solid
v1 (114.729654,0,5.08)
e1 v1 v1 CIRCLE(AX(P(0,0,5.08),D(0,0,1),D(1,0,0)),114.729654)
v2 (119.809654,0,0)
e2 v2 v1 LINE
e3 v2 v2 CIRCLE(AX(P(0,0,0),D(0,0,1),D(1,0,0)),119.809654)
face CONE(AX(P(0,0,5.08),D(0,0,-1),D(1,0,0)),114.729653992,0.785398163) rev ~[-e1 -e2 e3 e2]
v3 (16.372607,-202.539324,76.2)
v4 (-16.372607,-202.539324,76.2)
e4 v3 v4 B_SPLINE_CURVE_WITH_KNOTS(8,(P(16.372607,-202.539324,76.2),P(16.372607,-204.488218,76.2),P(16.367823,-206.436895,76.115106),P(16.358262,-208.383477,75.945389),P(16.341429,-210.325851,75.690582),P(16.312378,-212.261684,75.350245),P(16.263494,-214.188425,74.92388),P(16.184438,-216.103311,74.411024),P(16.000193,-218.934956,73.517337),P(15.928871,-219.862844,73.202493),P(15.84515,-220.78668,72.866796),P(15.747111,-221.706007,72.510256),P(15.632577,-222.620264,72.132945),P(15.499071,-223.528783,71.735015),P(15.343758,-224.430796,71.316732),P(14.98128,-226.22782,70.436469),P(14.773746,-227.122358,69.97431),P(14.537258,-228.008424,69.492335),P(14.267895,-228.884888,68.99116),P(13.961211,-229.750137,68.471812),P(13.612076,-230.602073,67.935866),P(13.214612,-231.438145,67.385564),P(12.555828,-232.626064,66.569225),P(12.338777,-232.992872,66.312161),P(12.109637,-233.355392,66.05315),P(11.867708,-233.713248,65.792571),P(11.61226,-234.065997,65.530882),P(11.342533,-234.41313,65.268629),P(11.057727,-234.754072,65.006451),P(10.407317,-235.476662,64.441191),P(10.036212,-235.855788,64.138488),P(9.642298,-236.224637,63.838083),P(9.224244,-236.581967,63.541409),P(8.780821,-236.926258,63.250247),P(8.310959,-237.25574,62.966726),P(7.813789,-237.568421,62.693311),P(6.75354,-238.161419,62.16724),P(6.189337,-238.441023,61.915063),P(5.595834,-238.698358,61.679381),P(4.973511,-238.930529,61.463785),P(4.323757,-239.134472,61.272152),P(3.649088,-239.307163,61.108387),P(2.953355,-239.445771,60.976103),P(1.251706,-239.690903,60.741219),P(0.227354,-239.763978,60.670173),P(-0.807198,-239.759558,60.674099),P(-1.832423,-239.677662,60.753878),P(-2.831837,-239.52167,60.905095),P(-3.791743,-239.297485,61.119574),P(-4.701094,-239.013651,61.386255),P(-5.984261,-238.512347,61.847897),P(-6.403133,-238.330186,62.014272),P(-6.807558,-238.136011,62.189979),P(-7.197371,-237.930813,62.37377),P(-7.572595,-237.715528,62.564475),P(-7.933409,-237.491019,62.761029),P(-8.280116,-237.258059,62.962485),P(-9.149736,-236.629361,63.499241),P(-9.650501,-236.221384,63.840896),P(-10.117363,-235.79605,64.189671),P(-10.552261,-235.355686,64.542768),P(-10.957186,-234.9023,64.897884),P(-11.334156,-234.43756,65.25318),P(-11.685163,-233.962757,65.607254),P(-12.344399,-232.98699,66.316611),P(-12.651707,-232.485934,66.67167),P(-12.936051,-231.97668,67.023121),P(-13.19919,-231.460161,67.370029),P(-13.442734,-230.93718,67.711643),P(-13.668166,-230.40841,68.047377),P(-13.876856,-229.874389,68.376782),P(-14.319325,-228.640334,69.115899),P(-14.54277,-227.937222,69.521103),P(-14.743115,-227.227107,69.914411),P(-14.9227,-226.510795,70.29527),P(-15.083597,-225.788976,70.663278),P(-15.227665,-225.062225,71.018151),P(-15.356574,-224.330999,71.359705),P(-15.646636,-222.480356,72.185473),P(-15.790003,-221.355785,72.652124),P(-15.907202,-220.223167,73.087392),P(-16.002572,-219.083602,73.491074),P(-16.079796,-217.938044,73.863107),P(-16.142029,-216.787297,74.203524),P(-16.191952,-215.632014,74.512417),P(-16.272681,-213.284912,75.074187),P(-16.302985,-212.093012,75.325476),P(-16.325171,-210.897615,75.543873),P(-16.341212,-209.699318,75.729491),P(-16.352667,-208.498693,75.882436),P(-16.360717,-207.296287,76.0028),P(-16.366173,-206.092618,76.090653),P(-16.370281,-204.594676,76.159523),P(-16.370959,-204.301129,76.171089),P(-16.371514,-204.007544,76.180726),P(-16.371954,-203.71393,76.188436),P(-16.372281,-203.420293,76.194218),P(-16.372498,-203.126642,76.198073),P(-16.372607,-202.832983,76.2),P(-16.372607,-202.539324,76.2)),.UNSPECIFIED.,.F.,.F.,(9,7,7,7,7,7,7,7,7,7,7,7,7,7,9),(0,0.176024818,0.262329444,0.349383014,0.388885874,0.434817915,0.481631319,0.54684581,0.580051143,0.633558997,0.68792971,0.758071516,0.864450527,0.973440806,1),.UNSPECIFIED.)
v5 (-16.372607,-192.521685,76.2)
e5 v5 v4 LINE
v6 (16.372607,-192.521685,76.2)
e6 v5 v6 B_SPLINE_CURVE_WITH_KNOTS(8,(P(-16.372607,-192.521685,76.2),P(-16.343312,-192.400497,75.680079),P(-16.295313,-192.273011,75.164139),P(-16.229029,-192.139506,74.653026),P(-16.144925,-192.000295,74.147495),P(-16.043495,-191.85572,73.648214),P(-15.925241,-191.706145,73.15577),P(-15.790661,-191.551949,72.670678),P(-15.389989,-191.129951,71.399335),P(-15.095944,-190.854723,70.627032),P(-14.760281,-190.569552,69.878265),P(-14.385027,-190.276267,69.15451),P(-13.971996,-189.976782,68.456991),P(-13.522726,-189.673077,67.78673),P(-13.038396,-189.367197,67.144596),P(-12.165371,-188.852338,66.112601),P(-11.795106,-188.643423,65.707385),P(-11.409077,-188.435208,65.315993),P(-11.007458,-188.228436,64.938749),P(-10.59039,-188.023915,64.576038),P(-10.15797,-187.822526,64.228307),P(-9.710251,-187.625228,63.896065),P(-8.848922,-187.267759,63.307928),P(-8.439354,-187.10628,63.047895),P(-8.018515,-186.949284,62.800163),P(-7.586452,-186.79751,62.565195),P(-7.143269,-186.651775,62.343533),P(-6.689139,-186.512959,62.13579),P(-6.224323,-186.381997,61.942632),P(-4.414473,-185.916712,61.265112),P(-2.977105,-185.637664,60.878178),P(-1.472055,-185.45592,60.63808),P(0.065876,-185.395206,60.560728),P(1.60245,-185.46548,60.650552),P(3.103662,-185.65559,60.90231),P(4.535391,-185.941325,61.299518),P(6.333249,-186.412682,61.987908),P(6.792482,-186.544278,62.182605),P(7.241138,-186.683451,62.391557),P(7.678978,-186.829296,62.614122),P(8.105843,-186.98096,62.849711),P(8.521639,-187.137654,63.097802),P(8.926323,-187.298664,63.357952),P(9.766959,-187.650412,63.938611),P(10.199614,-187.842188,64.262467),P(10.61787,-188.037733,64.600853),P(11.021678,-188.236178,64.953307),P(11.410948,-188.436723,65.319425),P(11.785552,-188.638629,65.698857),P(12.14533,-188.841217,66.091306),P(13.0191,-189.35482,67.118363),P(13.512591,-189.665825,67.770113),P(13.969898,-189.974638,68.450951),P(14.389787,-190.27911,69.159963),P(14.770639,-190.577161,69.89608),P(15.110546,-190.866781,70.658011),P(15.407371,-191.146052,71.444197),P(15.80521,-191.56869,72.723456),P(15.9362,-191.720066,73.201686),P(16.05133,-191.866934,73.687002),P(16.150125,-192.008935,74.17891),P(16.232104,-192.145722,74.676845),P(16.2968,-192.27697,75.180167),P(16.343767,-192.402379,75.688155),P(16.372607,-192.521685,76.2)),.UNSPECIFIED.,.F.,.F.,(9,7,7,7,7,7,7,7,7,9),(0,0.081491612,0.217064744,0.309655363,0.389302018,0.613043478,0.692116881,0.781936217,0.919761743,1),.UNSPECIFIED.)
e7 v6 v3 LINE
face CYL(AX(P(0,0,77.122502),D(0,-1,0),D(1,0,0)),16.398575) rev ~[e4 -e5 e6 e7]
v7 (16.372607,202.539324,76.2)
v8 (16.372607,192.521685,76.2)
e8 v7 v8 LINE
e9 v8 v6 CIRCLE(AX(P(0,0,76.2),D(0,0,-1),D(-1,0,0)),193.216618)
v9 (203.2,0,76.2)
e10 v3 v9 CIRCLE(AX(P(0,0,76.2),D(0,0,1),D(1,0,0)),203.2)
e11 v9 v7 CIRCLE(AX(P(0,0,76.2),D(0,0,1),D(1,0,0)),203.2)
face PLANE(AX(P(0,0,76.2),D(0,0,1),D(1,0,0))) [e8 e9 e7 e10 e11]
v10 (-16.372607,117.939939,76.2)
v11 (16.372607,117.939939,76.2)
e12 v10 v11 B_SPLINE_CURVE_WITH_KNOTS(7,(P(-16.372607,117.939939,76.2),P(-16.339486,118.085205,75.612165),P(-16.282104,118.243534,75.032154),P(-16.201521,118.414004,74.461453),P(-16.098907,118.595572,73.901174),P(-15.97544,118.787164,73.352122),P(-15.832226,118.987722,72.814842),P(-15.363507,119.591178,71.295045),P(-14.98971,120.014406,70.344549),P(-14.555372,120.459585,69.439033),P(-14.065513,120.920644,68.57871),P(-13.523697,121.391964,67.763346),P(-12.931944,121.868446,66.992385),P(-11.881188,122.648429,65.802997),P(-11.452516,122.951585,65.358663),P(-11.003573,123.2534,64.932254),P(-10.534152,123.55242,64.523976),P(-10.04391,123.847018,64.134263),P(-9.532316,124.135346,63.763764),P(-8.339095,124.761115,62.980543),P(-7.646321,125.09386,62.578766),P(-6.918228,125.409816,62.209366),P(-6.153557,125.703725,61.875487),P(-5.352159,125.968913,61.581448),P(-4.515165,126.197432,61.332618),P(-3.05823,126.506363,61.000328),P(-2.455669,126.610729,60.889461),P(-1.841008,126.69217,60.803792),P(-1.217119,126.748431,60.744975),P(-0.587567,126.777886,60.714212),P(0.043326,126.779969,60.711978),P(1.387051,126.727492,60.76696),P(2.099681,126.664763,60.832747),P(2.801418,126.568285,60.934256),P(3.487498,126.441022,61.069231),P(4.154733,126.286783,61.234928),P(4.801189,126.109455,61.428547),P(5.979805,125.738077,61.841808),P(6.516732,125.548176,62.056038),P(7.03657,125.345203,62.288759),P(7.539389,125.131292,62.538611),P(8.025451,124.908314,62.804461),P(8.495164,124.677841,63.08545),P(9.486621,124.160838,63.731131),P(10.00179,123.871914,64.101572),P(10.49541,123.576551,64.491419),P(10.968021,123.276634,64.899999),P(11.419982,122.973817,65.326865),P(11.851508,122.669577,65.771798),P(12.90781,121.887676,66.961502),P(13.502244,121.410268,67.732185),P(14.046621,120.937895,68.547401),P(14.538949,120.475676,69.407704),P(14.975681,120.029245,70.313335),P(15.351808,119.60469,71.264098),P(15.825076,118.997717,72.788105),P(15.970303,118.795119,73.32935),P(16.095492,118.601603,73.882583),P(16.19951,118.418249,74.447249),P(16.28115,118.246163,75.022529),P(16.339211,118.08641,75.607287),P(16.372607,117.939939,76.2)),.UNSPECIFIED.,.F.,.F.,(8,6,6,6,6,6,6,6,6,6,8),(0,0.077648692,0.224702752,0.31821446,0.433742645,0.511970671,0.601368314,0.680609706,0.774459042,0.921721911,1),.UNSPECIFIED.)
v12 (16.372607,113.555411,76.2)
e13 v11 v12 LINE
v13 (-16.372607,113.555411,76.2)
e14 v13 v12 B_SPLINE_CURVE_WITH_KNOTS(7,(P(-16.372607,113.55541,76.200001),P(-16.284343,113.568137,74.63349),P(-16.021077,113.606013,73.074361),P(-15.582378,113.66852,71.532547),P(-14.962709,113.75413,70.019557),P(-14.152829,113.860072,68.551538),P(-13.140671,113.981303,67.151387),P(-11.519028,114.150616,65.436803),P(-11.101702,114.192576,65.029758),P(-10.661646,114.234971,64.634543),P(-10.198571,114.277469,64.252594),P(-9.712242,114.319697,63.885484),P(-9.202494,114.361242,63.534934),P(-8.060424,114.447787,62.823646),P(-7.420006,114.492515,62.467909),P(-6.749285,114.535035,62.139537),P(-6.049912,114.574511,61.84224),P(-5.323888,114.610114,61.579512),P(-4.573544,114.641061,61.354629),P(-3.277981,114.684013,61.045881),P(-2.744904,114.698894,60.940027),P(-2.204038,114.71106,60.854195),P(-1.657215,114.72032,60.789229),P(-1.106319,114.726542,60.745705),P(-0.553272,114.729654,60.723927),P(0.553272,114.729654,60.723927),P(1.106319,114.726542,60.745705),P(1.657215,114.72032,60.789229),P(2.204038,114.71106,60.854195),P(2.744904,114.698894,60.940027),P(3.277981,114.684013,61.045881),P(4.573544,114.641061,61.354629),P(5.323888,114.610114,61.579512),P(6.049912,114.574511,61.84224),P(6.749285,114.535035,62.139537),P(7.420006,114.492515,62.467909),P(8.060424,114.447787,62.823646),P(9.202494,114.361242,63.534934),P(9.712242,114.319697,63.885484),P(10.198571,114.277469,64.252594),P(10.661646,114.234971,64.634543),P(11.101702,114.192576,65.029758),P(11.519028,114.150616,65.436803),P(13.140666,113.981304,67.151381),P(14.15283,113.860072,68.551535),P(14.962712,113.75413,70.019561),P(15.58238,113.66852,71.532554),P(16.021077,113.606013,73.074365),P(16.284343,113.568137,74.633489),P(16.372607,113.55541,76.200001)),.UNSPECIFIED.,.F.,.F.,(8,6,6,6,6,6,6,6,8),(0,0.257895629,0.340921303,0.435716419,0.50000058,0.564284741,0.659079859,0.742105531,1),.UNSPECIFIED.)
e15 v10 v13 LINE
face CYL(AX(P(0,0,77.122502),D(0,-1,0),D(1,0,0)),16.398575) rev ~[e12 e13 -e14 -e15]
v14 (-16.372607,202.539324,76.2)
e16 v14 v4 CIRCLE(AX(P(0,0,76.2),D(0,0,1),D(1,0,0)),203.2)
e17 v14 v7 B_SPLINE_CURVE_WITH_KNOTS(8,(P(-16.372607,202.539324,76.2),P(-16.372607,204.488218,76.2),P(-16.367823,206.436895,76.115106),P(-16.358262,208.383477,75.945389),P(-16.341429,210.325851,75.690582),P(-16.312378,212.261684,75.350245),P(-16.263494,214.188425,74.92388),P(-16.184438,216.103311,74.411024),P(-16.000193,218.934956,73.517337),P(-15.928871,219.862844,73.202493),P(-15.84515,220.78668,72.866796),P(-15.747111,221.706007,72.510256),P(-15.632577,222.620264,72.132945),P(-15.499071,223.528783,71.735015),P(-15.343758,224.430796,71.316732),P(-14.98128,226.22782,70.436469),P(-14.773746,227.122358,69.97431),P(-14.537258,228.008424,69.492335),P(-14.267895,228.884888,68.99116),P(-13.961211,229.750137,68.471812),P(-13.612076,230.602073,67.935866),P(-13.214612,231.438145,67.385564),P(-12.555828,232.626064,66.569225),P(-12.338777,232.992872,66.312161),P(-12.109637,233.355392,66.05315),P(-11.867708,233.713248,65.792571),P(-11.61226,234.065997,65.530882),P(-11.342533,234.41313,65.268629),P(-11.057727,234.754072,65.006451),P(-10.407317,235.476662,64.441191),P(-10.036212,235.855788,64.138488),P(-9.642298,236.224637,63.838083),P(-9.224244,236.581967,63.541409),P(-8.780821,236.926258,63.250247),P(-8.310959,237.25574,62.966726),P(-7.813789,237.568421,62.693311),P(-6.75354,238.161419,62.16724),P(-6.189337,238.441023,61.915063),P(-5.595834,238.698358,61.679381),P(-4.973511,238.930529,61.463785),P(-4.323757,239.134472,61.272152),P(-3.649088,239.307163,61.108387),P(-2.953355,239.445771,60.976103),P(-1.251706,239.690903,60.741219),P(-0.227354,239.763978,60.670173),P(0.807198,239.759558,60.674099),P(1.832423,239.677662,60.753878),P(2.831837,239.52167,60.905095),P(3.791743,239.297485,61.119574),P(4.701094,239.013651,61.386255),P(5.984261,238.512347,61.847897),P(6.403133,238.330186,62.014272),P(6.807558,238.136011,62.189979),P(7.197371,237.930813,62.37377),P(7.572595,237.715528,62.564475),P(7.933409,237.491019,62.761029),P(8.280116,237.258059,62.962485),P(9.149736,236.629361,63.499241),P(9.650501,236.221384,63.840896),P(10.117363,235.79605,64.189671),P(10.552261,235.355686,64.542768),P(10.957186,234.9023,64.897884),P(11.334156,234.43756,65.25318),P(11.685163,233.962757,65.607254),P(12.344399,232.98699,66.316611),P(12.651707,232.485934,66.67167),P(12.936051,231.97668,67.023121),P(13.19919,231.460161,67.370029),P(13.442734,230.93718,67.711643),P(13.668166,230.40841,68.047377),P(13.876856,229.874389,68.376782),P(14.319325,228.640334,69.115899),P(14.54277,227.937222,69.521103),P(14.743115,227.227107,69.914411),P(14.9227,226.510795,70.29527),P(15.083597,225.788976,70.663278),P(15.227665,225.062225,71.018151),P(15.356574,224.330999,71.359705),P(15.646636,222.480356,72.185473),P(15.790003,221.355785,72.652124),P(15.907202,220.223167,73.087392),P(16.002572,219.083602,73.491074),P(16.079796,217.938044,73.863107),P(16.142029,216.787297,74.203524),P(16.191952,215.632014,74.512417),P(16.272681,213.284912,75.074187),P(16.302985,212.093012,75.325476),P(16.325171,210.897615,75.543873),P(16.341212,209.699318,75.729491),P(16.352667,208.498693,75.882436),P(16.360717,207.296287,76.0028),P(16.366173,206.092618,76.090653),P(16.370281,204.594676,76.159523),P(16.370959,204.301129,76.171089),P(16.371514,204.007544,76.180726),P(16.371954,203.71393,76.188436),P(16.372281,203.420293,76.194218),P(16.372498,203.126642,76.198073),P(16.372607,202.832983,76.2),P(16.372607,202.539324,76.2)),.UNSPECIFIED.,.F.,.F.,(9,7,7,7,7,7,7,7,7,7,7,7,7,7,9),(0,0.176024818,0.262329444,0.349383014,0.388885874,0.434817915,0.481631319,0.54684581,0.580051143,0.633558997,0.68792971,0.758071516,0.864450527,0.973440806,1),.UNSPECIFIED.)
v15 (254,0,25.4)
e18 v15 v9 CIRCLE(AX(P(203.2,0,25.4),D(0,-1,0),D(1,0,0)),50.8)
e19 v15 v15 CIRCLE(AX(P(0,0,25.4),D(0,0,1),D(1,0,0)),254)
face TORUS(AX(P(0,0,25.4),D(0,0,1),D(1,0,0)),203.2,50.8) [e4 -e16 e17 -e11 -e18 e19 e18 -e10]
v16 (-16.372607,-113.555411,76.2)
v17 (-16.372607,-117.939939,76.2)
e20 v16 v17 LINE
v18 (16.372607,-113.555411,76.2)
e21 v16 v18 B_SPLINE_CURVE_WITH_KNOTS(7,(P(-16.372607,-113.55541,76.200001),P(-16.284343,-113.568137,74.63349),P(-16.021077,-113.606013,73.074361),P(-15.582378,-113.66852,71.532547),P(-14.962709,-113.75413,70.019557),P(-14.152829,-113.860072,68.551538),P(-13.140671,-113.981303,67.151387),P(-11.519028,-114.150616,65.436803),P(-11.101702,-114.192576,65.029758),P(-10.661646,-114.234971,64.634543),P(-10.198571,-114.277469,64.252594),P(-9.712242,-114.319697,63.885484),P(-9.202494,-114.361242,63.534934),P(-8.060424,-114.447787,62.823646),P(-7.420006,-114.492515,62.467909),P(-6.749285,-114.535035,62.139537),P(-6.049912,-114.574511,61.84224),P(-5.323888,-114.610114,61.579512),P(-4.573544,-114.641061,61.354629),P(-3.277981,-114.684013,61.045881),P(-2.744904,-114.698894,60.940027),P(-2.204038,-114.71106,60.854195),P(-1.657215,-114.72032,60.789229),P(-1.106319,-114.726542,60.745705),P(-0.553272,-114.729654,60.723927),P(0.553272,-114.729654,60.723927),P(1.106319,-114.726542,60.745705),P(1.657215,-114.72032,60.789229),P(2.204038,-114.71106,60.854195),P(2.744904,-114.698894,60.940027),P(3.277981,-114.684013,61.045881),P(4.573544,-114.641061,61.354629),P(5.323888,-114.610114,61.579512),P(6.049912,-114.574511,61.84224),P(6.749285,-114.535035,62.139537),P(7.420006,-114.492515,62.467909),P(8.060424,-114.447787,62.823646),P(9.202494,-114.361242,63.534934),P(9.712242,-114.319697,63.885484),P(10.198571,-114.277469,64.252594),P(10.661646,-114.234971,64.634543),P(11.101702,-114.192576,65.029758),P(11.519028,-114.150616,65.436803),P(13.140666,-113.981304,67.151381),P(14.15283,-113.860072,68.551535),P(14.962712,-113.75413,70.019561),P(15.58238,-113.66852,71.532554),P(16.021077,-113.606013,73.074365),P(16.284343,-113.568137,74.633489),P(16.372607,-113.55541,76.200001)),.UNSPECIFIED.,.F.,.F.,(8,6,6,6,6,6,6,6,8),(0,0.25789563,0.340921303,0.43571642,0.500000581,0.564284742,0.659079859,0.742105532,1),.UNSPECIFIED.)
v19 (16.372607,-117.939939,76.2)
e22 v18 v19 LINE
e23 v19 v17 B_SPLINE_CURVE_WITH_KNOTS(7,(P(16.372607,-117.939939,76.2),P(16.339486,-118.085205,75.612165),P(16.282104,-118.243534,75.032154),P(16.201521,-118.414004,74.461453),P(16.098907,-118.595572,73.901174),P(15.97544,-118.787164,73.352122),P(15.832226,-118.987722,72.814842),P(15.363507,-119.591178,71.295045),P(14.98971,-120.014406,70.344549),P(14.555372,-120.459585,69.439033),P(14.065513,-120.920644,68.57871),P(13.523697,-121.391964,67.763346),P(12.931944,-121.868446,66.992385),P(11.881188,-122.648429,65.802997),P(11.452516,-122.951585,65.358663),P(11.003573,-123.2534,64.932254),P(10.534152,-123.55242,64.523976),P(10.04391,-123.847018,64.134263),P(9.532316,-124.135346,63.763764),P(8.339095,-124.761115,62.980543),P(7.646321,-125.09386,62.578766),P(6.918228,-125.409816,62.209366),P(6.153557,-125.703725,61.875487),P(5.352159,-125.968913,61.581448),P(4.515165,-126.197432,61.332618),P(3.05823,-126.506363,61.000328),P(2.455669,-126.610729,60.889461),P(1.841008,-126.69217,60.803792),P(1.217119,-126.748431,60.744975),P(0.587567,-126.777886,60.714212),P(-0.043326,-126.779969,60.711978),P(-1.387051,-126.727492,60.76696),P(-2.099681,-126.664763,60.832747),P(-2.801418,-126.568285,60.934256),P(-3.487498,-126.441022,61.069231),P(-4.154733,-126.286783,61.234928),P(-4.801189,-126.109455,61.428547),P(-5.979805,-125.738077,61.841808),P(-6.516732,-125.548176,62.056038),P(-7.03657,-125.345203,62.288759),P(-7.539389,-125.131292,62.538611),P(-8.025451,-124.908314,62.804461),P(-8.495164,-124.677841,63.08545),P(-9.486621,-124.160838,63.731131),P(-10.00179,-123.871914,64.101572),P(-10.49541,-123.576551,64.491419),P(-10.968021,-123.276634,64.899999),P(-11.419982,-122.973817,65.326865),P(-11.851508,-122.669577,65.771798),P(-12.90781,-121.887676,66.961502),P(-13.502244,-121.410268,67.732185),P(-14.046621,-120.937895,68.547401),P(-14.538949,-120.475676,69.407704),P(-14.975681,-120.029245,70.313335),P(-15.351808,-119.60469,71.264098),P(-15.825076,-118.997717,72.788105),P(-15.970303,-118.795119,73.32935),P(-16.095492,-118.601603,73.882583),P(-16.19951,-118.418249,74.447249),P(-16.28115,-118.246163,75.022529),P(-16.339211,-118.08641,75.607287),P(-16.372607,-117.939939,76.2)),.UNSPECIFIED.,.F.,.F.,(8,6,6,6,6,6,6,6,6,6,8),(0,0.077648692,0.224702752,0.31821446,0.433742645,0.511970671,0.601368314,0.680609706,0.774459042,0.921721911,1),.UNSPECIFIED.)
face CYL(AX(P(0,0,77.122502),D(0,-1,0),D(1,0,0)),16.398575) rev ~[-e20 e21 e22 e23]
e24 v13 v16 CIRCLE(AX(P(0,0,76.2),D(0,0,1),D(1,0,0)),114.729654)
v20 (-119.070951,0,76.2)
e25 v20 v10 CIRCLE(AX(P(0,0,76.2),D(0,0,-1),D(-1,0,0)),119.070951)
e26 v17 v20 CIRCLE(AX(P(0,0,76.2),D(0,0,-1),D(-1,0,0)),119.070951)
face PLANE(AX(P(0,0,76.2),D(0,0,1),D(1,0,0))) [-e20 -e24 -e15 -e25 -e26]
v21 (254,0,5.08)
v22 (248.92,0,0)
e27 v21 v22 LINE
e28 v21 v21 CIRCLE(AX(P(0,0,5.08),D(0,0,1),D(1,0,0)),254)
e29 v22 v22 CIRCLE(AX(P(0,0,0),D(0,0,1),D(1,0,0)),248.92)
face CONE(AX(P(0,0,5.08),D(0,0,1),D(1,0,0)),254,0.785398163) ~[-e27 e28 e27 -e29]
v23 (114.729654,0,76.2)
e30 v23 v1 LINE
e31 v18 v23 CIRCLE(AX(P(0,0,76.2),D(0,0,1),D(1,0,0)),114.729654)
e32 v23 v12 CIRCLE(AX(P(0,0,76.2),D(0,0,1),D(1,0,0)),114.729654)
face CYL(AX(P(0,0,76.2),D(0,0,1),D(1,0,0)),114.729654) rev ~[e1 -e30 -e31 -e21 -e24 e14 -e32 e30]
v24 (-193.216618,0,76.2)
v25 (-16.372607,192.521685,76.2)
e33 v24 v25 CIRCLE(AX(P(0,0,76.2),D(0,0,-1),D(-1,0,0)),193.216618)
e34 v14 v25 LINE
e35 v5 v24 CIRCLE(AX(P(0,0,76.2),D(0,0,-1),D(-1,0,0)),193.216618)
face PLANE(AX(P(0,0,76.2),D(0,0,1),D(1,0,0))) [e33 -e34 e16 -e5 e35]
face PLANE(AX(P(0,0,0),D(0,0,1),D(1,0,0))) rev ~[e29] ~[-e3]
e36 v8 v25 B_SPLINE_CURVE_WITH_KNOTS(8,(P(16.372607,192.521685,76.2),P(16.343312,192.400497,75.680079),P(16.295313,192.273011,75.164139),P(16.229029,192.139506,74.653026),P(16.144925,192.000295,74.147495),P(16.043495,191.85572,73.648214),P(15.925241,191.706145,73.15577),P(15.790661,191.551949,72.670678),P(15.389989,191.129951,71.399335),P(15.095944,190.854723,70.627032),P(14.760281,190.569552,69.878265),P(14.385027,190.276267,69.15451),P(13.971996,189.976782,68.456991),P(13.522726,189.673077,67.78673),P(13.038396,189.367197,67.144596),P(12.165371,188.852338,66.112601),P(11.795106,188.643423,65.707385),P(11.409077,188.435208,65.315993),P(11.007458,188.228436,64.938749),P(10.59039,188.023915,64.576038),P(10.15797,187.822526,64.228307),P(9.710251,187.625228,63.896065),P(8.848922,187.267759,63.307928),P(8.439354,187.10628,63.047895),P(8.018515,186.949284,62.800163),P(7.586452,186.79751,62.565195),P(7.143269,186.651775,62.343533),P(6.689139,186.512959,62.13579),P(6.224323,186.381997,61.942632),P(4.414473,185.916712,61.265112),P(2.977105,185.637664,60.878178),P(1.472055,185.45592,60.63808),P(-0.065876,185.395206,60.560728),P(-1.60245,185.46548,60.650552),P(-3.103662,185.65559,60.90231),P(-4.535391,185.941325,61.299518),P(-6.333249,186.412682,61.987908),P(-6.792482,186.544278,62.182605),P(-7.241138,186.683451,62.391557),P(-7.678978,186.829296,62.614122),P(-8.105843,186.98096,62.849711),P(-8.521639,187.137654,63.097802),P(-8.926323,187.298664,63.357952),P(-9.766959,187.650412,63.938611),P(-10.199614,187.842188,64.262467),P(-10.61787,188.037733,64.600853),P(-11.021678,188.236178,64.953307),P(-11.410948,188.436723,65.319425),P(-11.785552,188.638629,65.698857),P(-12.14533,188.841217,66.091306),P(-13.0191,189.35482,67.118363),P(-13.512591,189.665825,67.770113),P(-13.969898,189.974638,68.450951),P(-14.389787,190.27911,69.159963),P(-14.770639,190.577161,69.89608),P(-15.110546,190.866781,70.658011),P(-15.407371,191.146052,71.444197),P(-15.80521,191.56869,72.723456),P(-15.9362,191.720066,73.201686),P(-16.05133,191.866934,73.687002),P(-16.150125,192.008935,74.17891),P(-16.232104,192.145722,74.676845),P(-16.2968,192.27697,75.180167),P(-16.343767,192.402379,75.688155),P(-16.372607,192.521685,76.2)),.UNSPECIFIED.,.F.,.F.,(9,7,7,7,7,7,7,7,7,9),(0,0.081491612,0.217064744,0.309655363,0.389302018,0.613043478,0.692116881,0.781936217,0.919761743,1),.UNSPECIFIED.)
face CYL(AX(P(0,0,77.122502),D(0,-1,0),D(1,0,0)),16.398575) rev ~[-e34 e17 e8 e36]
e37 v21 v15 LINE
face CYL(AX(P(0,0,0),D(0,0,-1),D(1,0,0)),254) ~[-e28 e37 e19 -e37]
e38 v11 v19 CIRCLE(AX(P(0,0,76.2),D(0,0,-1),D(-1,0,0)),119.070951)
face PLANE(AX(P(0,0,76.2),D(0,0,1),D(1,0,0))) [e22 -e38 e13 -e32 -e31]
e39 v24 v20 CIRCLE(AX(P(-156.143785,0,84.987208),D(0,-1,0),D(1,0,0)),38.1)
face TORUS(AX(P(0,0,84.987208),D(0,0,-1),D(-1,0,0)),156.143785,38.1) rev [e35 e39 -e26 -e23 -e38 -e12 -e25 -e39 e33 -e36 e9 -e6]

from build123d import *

# Parameters (mm, degrees)
F0_R     = 254
F1_DEPTH = 76.2
F2_R     = 50.8
F3_SIZE  = 5.08
F4_R     = 114.7296539916
F5_DEPTH = 76.201
F6_R     = 38.1
F8_R     = 16.3985749671
F9_DEPTH = 388.62
F10_SIZE = 5.08


with BuildPart() as f1:
    # F0 (on Top) → F1 (new body)
    with BuildSketch(Plane.XY):
        Circle(F0_R)
    extrude(amount=F1_DEPTH)

    # F2
    f2_edges = [f1.edges().sort_by_distance(p)[0] for p in [
        (-254, 0, 76.2),
    ]]
    fillet(f2_edges, radius=F2_R)

    # F3
    f3_edges = [f1.edges().sort_by_distance(p)[0] for p in [
        (-254, 0, 0),
    ]]
    chamfer(f3_edges, length=F3_SIZE)

    # F4 (on face) → F5 (cut, through all)
    with BuildSketch(Plane.XY.offset(76.2)):
        Circle(F4_R)
    extrude(amount=-F5_DEPTH, mode=Mode.SUBTRACT)

    # F6 (on Front) → F7 (revolve, cut)
    with BuildSketch(Plane.XZ):
        with Locations((-156.143784523, 84.9872082472)):
            Circle(F6_R)
    revolve(axis=Axis((0, 0, 25.4), (0, 0, 1)), mode=Mode.SUBTRACT)

    # F8 (on Front) → F9 (cut, symmetric)
    with BuildSketch(Plane.XZ):
        with Locations((0, 77.1225020289)):
            Circle(F8_R)
    extrude(amount=F9_DEPTH, both=True, mode=Mode.SUBTRACT)

    # F10
    f10_edges = [f1.edges().sort_by_distance(p)[0] for p in [
        (-114.729654, 0, 0),
    ]]
    chamfer(f10_edges, length=F10_SIZE)


solid = f1.part
